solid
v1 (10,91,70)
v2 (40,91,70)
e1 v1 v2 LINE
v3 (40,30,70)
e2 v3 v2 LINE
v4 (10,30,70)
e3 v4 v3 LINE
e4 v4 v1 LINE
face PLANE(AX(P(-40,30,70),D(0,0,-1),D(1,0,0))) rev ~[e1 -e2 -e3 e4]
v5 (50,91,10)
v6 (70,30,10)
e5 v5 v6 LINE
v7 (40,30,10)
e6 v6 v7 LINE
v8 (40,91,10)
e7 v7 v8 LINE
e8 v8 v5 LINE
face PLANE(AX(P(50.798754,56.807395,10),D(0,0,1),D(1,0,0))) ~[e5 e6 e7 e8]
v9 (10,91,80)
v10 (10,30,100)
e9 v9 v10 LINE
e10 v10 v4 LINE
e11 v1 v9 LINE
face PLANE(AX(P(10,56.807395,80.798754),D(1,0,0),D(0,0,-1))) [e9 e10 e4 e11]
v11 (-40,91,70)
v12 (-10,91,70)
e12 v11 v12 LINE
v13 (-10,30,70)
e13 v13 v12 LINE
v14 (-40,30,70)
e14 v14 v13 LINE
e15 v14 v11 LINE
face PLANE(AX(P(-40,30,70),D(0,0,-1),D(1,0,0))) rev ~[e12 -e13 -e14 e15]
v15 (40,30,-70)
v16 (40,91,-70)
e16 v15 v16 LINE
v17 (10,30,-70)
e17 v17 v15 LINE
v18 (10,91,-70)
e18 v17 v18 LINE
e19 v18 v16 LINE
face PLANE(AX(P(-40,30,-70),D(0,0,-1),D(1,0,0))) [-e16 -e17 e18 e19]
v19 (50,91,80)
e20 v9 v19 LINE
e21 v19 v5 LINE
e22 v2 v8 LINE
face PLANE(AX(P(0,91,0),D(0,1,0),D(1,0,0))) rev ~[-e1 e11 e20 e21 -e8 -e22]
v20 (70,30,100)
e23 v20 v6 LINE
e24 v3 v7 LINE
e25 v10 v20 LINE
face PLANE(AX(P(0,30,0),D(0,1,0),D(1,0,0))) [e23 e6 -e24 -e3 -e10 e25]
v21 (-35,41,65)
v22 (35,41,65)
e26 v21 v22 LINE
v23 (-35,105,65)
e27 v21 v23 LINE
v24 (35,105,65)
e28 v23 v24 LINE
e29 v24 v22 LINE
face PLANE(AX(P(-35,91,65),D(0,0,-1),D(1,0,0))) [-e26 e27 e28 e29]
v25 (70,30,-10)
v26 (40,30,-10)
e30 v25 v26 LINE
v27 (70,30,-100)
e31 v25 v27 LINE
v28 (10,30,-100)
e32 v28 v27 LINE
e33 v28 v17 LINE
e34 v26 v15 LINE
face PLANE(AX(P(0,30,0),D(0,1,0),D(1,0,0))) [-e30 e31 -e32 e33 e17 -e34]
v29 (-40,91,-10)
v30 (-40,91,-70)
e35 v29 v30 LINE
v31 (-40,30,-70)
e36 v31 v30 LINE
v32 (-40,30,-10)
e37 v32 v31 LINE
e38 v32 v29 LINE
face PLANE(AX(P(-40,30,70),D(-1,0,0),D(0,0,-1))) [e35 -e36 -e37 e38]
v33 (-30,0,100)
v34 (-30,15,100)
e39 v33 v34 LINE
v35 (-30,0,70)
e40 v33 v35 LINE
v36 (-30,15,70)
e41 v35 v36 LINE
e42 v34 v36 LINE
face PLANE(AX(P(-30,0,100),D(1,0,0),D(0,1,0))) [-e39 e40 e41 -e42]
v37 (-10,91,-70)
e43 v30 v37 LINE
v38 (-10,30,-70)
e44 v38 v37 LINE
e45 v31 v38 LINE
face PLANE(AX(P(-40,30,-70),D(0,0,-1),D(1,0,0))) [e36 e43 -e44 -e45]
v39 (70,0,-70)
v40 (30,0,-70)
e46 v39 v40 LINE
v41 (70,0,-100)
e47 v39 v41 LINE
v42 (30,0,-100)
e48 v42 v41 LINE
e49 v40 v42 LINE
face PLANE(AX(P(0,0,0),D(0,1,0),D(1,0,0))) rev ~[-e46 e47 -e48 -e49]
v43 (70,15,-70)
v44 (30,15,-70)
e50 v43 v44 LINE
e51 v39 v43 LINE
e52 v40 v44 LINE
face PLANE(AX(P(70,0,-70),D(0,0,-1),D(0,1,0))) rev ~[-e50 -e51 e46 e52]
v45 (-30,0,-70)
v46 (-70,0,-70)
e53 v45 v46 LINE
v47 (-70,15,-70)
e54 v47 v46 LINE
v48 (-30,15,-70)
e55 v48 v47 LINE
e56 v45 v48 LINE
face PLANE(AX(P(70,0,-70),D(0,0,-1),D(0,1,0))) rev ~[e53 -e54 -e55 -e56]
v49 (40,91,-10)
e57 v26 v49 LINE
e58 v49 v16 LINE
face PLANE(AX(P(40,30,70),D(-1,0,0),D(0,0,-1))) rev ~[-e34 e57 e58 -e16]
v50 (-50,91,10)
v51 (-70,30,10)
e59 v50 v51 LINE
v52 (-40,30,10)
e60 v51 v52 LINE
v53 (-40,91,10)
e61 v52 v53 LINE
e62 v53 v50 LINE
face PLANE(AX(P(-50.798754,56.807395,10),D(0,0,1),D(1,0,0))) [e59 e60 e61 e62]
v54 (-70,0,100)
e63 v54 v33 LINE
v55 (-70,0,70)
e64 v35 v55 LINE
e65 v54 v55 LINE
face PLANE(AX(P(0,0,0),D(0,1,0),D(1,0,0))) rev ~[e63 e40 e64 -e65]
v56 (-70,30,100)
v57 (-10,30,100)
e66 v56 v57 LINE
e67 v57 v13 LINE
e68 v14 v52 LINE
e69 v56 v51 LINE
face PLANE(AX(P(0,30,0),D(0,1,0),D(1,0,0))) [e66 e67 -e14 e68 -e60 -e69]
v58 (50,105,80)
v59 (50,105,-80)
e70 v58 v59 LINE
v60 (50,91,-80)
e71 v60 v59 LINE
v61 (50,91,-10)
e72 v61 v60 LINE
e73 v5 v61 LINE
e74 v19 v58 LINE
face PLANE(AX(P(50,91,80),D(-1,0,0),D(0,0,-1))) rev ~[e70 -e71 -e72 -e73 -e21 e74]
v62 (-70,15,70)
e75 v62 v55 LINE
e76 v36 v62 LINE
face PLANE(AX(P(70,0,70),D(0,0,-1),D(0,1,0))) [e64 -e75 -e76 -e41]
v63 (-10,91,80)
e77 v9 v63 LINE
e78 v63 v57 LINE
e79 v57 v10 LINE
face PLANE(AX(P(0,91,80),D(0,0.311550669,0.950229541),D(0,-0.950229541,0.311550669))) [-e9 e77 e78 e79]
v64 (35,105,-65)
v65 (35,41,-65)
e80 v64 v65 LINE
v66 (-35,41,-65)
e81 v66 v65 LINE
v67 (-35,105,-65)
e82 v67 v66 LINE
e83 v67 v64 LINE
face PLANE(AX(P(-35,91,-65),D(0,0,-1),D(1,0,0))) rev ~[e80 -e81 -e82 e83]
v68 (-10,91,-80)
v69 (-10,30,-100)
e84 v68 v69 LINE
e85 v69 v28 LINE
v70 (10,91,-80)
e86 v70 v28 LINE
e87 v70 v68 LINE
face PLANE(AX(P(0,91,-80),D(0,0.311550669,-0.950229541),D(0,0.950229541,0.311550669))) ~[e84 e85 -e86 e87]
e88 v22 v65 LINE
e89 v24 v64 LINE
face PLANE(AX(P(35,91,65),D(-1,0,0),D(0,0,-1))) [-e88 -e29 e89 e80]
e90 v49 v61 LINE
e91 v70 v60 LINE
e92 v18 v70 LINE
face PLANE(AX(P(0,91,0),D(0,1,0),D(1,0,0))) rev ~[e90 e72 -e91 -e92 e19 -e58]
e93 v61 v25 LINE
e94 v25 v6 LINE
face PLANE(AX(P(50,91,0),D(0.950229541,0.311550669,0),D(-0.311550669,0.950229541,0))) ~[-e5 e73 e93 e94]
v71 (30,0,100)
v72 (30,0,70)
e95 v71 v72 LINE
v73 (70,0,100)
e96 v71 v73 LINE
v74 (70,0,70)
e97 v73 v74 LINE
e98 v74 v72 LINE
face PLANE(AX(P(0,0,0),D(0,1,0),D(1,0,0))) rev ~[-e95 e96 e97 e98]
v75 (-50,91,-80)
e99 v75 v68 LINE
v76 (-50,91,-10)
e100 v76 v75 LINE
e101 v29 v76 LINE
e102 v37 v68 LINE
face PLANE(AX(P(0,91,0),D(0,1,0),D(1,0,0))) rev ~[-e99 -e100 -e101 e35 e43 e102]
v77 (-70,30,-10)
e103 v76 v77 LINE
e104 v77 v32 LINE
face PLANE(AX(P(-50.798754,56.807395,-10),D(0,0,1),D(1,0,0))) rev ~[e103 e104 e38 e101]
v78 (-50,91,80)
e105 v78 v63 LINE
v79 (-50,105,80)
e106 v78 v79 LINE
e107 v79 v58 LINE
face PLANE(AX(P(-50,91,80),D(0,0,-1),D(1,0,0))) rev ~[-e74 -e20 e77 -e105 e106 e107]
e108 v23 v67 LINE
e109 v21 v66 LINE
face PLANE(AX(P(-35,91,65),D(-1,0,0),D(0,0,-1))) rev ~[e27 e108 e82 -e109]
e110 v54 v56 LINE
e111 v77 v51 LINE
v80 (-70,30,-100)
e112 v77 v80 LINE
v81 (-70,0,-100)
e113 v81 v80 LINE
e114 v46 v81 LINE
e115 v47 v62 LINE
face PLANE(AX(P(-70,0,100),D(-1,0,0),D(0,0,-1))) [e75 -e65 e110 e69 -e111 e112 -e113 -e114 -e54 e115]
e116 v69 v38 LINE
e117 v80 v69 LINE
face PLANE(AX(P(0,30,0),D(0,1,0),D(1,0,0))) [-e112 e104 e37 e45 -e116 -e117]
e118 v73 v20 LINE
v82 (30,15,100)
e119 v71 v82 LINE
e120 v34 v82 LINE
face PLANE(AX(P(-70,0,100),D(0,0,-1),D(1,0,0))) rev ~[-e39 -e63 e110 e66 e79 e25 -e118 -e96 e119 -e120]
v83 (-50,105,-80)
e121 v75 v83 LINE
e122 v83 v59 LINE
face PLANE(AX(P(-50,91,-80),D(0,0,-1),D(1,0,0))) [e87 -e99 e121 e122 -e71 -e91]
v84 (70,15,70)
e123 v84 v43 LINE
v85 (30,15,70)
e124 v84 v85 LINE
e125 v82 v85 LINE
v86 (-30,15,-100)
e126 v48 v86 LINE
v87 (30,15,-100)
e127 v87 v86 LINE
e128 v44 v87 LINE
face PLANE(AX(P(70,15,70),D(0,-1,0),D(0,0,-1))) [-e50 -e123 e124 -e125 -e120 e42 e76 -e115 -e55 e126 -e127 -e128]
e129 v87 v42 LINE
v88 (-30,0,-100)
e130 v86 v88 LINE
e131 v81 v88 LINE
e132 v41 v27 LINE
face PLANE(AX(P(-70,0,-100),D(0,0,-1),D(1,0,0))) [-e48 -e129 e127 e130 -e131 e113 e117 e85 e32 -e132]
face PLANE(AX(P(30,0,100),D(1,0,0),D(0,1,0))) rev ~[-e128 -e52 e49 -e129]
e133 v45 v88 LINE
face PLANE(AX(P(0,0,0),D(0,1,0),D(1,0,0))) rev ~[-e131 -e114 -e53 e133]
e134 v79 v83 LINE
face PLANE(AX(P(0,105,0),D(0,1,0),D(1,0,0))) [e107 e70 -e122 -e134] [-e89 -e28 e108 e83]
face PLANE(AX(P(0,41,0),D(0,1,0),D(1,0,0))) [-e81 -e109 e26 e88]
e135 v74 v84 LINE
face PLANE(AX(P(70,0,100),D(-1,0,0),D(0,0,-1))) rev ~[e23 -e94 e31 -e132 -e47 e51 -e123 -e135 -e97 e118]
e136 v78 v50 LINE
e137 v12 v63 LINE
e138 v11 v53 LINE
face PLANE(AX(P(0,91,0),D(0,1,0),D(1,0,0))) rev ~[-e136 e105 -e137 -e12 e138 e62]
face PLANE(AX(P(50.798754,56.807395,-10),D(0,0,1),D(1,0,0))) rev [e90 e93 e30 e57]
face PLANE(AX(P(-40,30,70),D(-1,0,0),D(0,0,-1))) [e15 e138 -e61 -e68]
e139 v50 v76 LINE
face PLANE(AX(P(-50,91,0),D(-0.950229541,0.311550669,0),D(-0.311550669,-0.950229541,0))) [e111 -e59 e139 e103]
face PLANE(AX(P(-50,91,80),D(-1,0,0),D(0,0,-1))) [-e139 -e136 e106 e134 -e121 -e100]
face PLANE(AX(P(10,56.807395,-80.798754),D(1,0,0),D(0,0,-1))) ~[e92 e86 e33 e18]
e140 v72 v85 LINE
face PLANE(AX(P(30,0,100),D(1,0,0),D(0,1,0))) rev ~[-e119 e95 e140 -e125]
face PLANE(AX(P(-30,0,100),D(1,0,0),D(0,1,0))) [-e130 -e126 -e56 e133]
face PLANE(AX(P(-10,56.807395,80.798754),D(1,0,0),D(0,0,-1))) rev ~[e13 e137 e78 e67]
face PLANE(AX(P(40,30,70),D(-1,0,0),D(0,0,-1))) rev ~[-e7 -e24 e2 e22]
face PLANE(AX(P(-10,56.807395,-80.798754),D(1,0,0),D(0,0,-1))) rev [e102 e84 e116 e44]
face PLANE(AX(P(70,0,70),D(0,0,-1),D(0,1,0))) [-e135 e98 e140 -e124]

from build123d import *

# Parameters (mm, degrees)
SKETCH2_W           = 140
SKETCH2_H           = 200
BOSS_EXTRUDE1_DEPTH = 30
SKETCH3_W           = 60
SKETCH3_H           = 15
CUT_EXTRUDE1_DEPTH  = 215.00934559
SKETCH4_W           = 140
SKETCH4_H           = 15
CUT_EXTRUDE2_DEPTH  = 175.642491966
SKETCH6_W           = 80
SKETCH6_H           = 140
BOSS_EXTRUDE2_DEPTH = 61
SKETCH12_W          = 100
SKETCH12_H          = 160
SKETCH12_W_2        = 70
SKETCH12_H_2        = 130
BOSS_EXTRUDE3_DEPTH = 14
SKETCH15_W          = 70
SKETCH15_H          = 130
CUT_EXTRUDE3_DEPTH  = 50
BOSS_EXTRUDE4_DEPTH = 10
BOSS_EXTRUDE5_DEPTH = 10


with BuildPart() as part:
    # Sketch2 → Boss-Extrude1 (new body)
    with BuildSketch(Plane(origin=(0, 0, 0), x_dir=(1, 0, 0), z_dir=(0, 1, 0))):
        Rectangle(SKETCH2_W, SKETCH2_H)
    extrude(amount=BOSS_EXTRUDE1_DEPTH)

    # Sketch3 → Cut-Extrude1 (cut, through all)
    with BuildSketch(Plane.XY.offset(100)):
        with Locations((0, 7.5)):
            Rectangle(SKETCH3_W, SKETCH3_H)
    extrude(amount=-CUT_EXTRUDE1_DEPTH, mode=Mode.SUBTRACT)

    # Sketch4 → Cut-Extrude2 (cut, through all)
    with BuildSketch(Plane(origin=(70, 0, 0), x_dir=(0, 0, -1), z_dir=(1, 0, 0))):
        with Locations((0, 7.5)):
            Rectangle(SKETCH4_W, SKETCH4_H)
    extrude(amount=-CUT_EXTRUDE2_DEPTH, mode=Mode.SUBTRACT)

    # Sketch6 → Boss-Extrude2 (add)
    with BuildSketch(Plane(origin=(0, 30, 0), x_dir=(1, 0, 0), z_dir=(0, 1, 0))):
        Rectangle(SKETCH6_W, SKETCH6_H)
    extrude(amount=BOSS_EXTRUDE2_DEPTH)

    # Sketch12 → Boss-Extrude3 (add)
    with BuildSketch(Plane(origin=(0, 91, 0), x_dir=(1, 0, 0), z_dir=(0, 1, 0))):
        Rectangle(SKETCH12_W, SKETCH12_H)
        Rectangle(SKETCH12_W_2, SKETCH12_H_2, mode=Mode.SUBTRACT)
    extrude(amount=BOSS_EXTRUDE3_DEPTH)

    # Sketch15 → Cut-Extrude3 (cut)
    with BuildSketch(Plane(origin=(0, 91, 0), x_dir=(1, 0, 0), z_dir=(0, 1, 0))):
        Rectangle(SKETCH15_W, SKETCH15_H)
    extrude(amount=-CUT_EXTRUDE3_DEPTH, mode=Mode.SUBTRACT)

    # Sketch23 → Boss-Extrude4 (add, symmetric)
    with BuildSketch(Plane.XY):
        Polygon((-50, 91), (-70, 30), (-40, 30), (-40, 91), align=None)
    boss_extrude4 = extrude(amount=BOSS_EXTRUDE4_DEPTH, both=True)

    # Mirror1: Boss-Extrude4 across plane
    add(boss_extrude4.mirror(Plane(origin=(0, 0, 0), x_dir=(0, 0, 1), z_dir=(1, 0, 0))))

    # Sketch24 → Boss-Extrude5 (add, symmetric)
    with BuildSketch(Plane(origin=(0, 0, 0), x_dir=(0, 0, -1), z_dir=(1, 0, 0))):
        Polygon((-80, 91), (-100, 30), (-70, 30), (-70, 91), align=None)
    boss_extrude5 = extrude(amount=BOSS_EXTRUDE5_DEPTH, both=True)

    # Mirror2: Boss-Extrude5 across plane
    add(boss_extrude5.mirror(Plane.XY))


solid = part.part
